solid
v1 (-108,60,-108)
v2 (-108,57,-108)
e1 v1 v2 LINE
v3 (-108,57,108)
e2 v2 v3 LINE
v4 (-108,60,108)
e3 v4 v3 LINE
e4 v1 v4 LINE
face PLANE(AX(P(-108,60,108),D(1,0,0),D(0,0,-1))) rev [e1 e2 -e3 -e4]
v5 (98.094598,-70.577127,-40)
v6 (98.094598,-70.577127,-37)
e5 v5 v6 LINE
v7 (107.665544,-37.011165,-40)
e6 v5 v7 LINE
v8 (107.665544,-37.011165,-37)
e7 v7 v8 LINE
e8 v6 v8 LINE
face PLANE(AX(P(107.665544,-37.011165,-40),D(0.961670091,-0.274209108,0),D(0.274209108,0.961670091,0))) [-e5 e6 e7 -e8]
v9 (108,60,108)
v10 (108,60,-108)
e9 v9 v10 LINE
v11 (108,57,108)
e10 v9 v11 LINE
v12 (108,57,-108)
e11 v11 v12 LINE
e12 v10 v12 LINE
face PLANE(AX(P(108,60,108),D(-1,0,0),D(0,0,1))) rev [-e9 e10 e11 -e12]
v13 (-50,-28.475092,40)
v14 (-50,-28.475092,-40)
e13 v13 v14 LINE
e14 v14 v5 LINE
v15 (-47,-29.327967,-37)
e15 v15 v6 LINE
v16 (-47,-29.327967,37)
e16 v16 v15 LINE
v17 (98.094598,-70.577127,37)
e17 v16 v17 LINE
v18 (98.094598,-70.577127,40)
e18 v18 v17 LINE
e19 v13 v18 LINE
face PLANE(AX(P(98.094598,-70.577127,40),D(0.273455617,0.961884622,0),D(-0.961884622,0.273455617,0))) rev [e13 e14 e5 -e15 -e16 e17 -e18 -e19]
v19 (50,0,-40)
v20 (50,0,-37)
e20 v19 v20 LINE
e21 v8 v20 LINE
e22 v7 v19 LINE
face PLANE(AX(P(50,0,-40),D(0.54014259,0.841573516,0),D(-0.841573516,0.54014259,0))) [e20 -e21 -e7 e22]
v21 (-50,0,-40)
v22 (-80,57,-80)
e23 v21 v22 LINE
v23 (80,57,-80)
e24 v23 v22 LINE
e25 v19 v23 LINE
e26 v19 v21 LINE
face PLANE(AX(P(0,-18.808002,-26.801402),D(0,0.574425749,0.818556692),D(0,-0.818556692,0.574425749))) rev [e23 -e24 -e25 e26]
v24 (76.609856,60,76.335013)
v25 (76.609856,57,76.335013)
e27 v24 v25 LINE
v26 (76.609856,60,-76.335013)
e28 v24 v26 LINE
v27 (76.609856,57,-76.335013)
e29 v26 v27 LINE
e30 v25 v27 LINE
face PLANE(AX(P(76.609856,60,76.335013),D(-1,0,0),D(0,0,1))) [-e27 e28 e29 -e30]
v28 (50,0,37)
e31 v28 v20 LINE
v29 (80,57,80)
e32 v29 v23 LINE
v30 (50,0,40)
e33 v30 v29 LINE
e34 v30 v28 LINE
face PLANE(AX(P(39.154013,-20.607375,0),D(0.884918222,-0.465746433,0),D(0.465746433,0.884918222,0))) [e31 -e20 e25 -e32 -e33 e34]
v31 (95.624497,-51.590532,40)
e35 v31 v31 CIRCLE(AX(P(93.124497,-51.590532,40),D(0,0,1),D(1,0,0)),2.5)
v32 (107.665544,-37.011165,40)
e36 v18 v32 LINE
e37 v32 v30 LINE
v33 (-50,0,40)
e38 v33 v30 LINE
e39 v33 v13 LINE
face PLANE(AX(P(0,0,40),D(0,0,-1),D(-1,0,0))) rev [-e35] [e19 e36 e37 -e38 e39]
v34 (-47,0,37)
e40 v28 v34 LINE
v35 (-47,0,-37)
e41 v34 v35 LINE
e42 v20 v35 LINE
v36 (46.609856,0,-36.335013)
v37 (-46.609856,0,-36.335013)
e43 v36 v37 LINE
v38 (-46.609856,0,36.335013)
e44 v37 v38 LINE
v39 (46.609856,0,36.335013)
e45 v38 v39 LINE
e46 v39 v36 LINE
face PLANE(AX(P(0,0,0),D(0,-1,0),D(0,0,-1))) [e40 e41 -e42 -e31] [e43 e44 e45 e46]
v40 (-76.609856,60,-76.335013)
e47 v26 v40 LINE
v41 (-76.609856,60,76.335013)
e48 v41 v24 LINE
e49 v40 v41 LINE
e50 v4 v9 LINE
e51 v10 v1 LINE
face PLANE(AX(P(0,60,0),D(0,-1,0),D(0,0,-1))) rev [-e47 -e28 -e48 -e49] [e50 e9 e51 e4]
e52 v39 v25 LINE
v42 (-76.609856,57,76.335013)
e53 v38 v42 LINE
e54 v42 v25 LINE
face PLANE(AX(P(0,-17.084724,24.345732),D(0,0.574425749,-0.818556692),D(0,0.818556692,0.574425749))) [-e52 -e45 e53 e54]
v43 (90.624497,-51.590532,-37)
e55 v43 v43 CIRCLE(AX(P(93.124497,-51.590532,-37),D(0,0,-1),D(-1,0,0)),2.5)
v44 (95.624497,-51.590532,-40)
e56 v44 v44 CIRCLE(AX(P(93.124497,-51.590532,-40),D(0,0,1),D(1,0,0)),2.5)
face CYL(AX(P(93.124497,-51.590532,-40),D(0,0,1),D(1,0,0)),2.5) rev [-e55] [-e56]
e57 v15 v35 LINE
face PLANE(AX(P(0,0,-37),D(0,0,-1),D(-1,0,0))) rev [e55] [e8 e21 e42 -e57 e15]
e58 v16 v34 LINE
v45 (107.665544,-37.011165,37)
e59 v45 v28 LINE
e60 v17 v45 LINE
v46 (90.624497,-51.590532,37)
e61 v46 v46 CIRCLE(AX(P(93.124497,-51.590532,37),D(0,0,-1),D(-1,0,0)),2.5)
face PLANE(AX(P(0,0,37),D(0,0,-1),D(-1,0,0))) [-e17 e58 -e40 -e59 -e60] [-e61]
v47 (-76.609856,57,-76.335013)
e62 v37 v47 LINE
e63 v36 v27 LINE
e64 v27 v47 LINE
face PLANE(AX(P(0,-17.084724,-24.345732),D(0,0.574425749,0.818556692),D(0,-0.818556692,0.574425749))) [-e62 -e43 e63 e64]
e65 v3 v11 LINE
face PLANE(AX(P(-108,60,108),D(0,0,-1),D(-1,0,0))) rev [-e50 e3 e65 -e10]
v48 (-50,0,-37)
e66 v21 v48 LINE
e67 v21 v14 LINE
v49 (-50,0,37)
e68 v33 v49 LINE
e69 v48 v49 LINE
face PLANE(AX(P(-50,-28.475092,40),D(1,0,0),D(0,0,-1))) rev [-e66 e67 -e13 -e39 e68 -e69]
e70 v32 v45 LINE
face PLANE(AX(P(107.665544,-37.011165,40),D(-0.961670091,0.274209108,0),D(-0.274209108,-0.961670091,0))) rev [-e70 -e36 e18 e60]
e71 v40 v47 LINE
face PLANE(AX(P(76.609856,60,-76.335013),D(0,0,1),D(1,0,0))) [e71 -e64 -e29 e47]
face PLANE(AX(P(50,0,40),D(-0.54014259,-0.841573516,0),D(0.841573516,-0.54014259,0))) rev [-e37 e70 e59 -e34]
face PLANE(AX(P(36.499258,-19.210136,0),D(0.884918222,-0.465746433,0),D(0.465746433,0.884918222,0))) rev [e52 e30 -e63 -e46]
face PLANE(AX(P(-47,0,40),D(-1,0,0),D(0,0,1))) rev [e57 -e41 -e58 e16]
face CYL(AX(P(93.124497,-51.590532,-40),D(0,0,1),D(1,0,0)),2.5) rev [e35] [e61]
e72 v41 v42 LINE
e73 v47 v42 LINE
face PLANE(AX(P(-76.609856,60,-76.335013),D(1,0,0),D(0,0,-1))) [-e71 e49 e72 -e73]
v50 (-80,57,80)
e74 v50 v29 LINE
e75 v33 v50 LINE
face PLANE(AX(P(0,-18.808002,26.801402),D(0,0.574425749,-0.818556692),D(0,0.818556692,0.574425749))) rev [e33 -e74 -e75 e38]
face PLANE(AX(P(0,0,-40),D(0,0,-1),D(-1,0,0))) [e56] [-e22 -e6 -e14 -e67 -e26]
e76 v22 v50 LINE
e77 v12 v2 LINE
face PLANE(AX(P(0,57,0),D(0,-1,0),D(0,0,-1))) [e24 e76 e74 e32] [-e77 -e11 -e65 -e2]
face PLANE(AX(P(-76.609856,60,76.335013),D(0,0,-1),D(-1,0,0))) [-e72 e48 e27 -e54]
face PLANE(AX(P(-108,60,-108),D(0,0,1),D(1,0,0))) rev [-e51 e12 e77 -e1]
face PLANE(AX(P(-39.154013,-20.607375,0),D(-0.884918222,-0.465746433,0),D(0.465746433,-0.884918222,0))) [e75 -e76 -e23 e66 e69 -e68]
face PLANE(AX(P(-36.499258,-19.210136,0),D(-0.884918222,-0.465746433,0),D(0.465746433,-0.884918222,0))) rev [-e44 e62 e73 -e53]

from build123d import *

# Parameters (mm, degrees)
WALL_THICKNESS_T         = -3
FLANGE_PROFILE_W         = 216
FLANGE_PROFILE_H         = 216
FLANGE_PROFILE_W_2       = 153.219712456
FLANGE_PROFILE_H_2       = 152.670025112
MOUNTING_FLANGE_DEPTH    = 3
OUTLET_START             = 37
OUTLET_SIDE_FRONT_DEPTH  = 3
OUTLET_START_2           = -37
OUTLET_SIDE_REAR_DEPTH   = 3
OUTLET_BACK_DEPTH        = 40
SKETCH_6_R               = 2.5
JOINT_FIXING_HOLES_DEPTH = 40


with BuildPart() as part:
    # 草图1 → Hopper Shape section 0
    with BuildSketch(Plane(origin=(0, 0, 0), x_dir=(1, 0, 0), z_dir=(0, 1, 0))):
        with BuildLine():
            Line((-50, -40), (50, -40))
            Line((50, -40), (50, 40))
            Line((50, 40), (-50, 40))
            Line((-50, 40), (-50, -40))
        make_face()
    # Inlet Profile → Hopper Shape section 1
    with BuildSketch(Plane(origin=(0, 57, 0), x_dir=(1, 0, 0), z_dir=(0, 1, 0))):
        with BuildLine():
            Line((-80, -80), (80, -80))
            Line((80, -80), (80, 80))
            Line((80, 80), (-80, 80))
            Line((-80, 80), (-80, -80))
        make_face()
    loft()

    # Wall Thickness
    wall_thickness_openings = [part.faces().sort_by_distance(p)[0] for p in [
        (0, 57, 0),
        (0, 0, 0),
    ]]
    offset(amount=WALL_THICKNESS_T, openings=wall_thickness_openings, kind=Kind.INTERSECTION)

    # Flange Profile → Mounting Flange (add)
    with BuildSketch(Plane(origin=(0, 57, 0), x_dir=(1, 0, 0), z_dir=(0, 1, 0))):
        Rectangle(FLANGE_PROFILE_W, FLANGE_PROFILE_H)
        Rectangle(FLANGE_PROFILE_W_2, FLANGE_PROFILE_H_2, mode=Mode.SUBTRACT)
    extrude(amount=MOUNTING_FLANGE_DEPTH)

    # 草图3 → Outlet Side Front (add)
    with BuildSketch(Plane.XY.offset(OUTLET_START)):
        Polygon((-50, 0), (50, 0), (107.665544, -37.011165), (98.094598, -70.577127), (-50, -28.475092372), align=None)
    extrude(amount=OUTLET_SIDE_FRONT_DEPTH)

    # 草图4 → Outlet Side Rear (add)
    with BuildSketch(Plane.XY.offset(OUTLET_START_2)):
        Polygon((-50, 0), (50, 0), (107.665544, -37.011165), (98.094598, -70.577127), (-50, -28.475092372), align=None)
    extrude(amount=-OUTLET_SIDE_REAR_DEPTH)

    # 草图5 → Outlet Back (add, symmetric)
    with BuildSketch(Plane.XY):
        Polygon((-50, 0), (-47, 0), (-47, -29.327967372), (-50, -28.475092372), align=None)
    extrude(amount=OUTLET_BACK_DEPTH, both=True)

    # 草图6 → Joint Fixing Holes (cut, symmetric)
    with BuildSketch(Plane.XY):
        with Locations((93.124497189, -51.590532135)):
            Circle(SKETCH_6_R)
    extrude(amount=JOINT_FIXING_HOLES_DEPTH, both=True, mode=Mode.SUBTRACT)


solid = part.part
